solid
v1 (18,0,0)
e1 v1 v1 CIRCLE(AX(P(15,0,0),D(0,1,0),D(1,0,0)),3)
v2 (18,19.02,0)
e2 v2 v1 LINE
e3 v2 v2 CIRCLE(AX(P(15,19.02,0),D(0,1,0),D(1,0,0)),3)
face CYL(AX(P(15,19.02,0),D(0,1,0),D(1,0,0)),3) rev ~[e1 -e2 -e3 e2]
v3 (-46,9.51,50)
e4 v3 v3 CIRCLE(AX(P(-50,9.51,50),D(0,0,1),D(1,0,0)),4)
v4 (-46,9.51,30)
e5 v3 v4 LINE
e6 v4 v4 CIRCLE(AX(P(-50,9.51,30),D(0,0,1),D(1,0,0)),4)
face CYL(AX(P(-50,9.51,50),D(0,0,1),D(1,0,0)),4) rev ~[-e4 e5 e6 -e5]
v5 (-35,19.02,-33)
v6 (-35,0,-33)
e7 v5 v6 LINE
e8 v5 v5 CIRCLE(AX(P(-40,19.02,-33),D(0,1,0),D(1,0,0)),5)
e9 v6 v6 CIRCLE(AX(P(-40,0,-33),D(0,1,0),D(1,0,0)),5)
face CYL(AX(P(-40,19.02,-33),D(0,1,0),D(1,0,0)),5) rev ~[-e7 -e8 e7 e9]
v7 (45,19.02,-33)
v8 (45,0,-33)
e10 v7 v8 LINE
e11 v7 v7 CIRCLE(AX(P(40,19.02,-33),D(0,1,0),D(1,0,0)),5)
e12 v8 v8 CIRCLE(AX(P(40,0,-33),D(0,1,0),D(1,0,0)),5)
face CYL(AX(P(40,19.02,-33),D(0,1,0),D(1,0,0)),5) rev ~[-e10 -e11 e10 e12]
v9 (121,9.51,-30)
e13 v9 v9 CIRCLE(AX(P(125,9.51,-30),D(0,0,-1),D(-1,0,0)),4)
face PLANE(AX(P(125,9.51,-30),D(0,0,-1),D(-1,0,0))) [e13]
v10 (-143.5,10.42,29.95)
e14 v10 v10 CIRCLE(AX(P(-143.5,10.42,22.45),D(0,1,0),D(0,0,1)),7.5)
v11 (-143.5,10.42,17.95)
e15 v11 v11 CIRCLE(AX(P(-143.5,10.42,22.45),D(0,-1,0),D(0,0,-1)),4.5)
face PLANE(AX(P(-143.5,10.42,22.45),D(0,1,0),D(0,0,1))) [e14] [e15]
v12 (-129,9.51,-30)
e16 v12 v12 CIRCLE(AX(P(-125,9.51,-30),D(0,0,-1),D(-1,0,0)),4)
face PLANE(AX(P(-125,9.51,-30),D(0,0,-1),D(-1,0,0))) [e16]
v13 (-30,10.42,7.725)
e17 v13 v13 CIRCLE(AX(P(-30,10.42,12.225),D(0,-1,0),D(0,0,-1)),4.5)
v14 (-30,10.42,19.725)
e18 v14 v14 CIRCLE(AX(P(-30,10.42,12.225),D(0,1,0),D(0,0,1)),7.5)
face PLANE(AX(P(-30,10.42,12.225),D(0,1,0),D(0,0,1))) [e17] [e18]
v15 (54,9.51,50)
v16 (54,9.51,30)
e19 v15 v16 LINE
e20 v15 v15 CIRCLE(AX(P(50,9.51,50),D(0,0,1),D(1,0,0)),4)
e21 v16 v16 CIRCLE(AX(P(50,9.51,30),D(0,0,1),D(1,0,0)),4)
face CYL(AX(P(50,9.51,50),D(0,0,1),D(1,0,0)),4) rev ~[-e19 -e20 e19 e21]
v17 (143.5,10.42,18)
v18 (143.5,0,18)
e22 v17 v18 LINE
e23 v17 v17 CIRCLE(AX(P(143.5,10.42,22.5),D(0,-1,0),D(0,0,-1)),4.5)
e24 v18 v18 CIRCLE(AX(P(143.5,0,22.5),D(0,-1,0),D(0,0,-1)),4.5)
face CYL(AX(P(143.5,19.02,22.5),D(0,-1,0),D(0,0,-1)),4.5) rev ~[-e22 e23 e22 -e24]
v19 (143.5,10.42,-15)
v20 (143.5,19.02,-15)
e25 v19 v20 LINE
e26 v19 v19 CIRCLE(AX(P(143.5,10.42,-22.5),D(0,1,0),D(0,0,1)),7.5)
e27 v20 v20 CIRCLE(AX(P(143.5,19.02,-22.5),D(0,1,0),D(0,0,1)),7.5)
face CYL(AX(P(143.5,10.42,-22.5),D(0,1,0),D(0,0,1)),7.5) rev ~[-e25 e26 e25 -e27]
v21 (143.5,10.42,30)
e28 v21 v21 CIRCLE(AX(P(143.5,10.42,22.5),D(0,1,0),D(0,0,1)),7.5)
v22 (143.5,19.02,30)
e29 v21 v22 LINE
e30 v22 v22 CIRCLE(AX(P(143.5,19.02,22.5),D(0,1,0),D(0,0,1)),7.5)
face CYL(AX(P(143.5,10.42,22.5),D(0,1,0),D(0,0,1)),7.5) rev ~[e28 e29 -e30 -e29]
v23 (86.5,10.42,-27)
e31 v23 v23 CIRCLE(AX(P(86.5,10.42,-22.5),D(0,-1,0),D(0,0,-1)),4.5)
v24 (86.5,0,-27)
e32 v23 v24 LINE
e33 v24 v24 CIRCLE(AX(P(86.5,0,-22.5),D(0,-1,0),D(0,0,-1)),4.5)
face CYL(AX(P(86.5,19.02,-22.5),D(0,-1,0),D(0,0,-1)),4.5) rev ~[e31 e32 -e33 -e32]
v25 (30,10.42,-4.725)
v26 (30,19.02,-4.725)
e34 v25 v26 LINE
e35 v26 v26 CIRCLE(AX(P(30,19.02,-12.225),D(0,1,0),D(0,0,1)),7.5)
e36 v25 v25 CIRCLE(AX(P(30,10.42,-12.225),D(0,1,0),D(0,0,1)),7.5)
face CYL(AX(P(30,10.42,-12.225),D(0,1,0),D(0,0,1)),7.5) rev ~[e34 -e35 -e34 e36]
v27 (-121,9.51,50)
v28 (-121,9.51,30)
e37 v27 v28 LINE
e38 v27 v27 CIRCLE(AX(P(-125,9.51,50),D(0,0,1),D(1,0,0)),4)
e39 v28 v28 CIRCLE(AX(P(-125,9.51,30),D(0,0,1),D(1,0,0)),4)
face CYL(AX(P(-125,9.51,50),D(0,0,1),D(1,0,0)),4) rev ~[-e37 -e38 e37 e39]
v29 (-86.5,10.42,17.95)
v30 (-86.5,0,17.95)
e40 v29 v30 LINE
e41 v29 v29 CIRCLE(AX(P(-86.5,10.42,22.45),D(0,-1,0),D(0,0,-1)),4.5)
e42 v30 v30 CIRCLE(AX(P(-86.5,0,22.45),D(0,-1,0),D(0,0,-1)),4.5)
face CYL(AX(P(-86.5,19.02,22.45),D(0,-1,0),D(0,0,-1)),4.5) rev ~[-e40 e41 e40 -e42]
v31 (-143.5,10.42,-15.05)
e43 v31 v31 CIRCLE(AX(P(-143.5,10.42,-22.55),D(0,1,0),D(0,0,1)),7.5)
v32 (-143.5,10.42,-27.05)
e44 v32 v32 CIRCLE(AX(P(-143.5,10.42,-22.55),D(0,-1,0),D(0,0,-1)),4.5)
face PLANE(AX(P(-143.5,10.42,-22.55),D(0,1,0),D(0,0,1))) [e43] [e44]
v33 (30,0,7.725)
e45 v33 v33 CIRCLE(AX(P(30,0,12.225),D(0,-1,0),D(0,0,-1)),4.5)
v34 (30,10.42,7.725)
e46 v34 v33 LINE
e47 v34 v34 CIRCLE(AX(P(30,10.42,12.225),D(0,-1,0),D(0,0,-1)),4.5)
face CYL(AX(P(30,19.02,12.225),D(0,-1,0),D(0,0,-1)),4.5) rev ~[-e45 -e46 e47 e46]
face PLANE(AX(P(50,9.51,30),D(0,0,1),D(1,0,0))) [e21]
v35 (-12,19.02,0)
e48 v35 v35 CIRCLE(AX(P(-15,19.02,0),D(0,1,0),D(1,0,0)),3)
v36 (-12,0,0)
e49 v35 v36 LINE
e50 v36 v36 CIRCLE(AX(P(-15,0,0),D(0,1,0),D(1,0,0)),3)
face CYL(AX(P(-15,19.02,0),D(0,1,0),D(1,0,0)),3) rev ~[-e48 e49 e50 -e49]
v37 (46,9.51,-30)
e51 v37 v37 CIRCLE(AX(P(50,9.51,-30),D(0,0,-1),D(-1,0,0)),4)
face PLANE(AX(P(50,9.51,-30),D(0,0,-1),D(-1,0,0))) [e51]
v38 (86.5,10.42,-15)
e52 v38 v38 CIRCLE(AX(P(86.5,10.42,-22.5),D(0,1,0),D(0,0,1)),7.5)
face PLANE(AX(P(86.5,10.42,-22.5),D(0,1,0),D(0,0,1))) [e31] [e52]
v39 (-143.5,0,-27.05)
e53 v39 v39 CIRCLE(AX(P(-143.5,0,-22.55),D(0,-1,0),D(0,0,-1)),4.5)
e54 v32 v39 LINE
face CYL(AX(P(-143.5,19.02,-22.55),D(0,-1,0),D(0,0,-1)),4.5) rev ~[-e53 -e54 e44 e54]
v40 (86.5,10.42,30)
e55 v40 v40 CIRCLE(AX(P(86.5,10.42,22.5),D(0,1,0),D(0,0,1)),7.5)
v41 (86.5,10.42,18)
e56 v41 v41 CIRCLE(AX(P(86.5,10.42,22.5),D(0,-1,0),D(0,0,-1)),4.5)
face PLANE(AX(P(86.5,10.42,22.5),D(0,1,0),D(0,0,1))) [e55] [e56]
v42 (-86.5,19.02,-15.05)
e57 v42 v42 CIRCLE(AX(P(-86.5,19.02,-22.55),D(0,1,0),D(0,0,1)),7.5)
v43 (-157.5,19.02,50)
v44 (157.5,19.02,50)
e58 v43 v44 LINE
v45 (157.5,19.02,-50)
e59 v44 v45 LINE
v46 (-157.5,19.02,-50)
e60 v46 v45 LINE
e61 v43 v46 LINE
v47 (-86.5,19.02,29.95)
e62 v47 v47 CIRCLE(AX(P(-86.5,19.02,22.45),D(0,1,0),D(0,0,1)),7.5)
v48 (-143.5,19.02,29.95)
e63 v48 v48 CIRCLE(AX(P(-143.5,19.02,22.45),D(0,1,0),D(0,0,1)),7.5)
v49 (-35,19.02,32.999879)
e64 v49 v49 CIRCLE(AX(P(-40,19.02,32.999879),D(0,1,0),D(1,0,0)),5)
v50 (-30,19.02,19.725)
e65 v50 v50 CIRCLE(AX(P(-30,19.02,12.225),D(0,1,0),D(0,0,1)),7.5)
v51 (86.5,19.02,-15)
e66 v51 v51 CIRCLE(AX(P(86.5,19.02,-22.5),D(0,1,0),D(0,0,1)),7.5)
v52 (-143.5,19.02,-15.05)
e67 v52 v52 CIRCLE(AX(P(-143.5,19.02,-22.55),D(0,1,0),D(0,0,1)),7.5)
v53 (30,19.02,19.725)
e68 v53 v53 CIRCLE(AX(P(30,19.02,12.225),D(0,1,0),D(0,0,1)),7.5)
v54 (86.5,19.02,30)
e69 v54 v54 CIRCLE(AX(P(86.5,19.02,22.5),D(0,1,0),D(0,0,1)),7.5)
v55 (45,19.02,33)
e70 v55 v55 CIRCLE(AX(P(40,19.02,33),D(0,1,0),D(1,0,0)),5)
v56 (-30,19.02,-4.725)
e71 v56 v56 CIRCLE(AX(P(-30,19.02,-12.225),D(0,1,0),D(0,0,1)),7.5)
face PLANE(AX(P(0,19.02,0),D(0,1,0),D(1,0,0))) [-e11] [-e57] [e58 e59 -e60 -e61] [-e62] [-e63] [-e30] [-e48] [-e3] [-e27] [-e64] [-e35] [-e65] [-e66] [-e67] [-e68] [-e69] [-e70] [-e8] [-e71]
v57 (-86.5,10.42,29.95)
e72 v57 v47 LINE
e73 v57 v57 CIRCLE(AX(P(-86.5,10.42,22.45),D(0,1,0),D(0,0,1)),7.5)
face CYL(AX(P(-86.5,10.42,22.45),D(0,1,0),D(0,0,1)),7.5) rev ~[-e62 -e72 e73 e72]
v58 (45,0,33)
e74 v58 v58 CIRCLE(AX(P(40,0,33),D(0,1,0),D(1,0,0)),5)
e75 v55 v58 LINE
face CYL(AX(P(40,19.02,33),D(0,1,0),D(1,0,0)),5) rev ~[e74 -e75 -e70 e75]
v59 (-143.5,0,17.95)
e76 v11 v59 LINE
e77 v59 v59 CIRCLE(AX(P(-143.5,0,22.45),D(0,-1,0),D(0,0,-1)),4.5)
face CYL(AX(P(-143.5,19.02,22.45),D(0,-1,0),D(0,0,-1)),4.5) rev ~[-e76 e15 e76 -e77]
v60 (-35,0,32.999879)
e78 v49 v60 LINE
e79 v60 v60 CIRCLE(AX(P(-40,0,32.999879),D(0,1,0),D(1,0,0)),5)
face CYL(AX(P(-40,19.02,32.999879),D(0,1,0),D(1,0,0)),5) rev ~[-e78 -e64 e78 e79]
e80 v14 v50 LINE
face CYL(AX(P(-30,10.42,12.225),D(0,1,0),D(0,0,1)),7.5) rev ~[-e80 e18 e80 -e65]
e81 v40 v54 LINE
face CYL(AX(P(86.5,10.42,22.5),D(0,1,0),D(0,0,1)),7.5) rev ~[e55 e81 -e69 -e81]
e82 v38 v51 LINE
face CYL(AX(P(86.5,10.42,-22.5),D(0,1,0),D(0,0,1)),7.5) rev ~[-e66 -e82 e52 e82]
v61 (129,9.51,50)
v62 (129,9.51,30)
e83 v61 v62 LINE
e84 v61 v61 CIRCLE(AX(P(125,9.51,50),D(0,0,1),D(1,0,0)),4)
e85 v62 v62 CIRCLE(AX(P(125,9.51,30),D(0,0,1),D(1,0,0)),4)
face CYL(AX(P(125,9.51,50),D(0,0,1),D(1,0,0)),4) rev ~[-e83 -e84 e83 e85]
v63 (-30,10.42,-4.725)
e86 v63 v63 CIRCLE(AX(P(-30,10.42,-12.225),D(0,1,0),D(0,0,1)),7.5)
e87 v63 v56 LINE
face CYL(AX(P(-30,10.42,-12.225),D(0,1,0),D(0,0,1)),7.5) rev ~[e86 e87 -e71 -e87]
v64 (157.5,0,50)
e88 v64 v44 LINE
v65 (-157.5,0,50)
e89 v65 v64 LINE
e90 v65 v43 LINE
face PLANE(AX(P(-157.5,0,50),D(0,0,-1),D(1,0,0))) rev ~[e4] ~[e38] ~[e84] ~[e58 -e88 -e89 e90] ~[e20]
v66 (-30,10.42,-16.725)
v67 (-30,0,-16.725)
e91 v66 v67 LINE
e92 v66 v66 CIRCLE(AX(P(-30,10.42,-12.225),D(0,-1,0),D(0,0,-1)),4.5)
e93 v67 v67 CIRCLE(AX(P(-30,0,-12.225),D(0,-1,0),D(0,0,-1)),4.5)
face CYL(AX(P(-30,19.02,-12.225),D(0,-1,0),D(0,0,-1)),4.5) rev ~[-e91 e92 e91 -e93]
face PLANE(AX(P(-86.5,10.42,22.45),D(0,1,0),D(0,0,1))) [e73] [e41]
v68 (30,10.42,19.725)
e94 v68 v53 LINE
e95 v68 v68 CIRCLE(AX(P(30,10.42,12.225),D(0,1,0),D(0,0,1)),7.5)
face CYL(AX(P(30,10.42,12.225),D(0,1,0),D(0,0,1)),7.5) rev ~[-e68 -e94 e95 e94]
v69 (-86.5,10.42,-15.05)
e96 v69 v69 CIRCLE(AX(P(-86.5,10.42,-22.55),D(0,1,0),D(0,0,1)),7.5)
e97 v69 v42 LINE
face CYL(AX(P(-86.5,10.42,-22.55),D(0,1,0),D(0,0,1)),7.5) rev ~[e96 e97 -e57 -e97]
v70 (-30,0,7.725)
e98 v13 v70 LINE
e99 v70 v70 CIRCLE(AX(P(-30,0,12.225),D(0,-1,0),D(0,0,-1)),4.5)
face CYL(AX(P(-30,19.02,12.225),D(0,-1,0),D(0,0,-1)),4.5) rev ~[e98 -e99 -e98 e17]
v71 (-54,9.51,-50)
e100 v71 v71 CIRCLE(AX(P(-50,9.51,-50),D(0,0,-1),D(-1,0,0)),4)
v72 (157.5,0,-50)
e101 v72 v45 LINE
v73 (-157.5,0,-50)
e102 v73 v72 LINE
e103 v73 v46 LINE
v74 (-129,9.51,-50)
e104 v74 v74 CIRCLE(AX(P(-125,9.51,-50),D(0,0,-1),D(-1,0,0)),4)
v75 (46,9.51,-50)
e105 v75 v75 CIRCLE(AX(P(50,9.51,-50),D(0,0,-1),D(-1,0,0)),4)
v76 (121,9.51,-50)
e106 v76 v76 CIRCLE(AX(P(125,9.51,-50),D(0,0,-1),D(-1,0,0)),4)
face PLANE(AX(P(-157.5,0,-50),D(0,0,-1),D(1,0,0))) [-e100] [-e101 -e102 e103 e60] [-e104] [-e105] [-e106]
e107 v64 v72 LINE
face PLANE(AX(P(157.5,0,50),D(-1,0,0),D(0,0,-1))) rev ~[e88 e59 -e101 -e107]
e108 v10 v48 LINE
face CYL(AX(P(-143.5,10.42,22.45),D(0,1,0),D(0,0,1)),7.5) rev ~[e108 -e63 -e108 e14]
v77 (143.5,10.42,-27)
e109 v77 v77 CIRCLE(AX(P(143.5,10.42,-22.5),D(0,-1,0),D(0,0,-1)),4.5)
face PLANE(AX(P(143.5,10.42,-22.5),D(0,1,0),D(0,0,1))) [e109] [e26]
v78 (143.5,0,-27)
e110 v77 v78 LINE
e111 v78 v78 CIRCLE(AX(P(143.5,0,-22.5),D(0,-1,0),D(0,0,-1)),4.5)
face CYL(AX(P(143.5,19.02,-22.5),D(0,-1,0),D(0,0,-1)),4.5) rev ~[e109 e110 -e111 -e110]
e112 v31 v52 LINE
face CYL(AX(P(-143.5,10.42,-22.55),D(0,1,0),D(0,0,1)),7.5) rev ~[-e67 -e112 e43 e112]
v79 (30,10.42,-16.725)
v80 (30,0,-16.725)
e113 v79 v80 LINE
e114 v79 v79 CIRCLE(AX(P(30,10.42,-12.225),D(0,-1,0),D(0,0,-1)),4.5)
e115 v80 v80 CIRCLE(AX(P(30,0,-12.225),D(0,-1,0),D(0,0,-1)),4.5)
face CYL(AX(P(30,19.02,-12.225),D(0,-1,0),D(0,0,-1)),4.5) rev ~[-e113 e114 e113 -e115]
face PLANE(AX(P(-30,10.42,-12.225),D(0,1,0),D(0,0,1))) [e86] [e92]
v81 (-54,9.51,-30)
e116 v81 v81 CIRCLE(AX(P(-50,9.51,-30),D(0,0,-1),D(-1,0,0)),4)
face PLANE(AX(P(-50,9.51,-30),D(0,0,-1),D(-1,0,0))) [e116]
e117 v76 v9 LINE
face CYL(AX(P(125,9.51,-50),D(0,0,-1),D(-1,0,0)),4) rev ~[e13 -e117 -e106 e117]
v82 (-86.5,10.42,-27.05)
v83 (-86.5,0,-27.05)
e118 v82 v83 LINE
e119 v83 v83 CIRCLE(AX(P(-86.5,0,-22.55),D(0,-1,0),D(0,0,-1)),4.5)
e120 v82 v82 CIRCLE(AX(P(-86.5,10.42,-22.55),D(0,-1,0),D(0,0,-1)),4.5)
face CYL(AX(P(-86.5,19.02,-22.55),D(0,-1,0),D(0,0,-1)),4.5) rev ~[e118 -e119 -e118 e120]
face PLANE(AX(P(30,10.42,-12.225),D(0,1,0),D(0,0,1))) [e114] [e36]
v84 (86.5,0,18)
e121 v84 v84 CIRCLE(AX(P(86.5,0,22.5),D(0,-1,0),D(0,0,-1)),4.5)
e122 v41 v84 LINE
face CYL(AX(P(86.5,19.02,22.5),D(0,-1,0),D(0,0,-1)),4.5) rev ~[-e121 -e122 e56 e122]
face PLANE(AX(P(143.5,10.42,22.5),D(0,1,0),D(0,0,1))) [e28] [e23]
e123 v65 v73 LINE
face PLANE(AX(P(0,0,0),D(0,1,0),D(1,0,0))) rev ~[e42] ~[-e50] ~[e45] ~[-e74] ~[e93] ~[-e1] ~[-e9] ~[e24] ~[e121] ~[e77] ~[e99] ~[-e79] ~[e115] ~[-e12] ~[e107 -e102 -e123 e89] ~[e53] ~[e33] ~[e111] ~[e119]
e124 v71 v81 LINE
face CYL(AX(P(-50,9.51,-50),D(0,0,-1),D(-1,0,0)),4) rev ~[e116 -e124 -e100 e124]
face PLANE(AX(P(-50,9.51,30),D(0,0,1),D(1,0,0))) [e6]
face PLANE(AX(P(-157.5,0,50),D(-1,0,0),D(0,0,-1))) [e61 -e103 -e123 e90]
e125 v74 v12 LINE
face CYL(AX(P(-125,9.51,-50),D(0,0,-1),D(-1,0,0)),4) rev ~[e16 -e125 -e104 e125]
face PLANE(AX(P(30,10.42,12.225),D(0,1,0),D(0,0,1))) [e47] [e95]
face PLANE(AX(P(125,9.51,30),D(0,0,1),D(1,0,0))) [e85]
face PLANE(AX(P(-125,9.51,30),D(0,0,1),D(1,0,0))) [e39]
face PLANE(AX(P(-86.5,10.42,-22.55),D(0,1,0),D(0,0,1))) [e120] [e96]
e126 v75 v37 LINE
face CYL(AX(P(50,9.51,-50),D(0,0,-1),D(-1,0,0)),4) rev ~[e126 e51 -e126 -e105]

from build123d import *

# Parameters (mm, degrees)
ESBO_O1_W                                            = 315
ESBO_O1_H                                            = 100
RESSALTO_EXTRUS_O1_DEPTH                             = 19.02
ESBO_O2_R                                            = 2
CORTE_EXTRUS_O1_DEPTH                                = 25
ESBO_O4_R                                            = 5
CORTE_EXTRUS_O3_DEPTH                                = 20.02
ESBO_O5_R                                            = 3.3
CORTE_EXTRUS_O4_DEPTH                                = 90
REBAIXO_PARA_PARAFUSO_ALLEN_SEXTAVADO_DE_D           = 9
REBAIXO_PARA_PARAFUSO_ALLEN_SEXTAVADO_DE_DEPTH       = 19.02
REBAIXO_PARA_PARAFUSO_ALLEN_SEXTAVADO_DE_CBORE_D     = 15
REBAIXO_PARA_PARAFUSO_ALLEN_SEXTAVADO_DE_CBORE_DEPTH = 8.6
ESBO_O13_R                                           = 4
CORTE_EXTRUS_O8_DEPTH                                = 20
ESBO_O14_R                                           = 4
CORTE_EXTRUS_O9_DEPTH                                = 20
ESBO_O15_R                                           = 4
ESBO_O15_R_2                                         = 3
CORTE_EXTRUS_O10_DEPTH                               = 20.02
ESBO_O16_R                                           = 3.3
RESSALTO_EXTRUS_O2_DEPTH                             = 19.02
REBAIXO_PARA_PARAFUSO_ALLEN_SEXTAVAD_2_D             = 9
REBAIXO_PARA_PARAFUSO_ALLEN_SEXTAVAD_2_CBORE_D       = 15
REBAIXO_PARA_PARAFUSO_ALLEN_SEXTAVAD_2_CBORE_DEPTH   = 8.6


with BuildPart() as part:
    # Esboço1 → Ressalto-extrusão1 (new body)
    with BuildSketch(Plane(origin=(0, 0, 0), x_dir=(1, 0, 0), z_dir=(0, 1, 0))):
        Rectangle(ESBO_O1_W, ESBO_O1_H)
    extrude(amount=RESSALTO_EXTRUS_O1_DEPTH)

    # Esboço2 → Corte-extrusão1 (cut)
    with BuildSketch(Plane(origin=(0, 19.02, 0), x_dir=(1, 0, 0), z_dir=(0, 1, 0))):
        with Locations((143.5, 22.5)):
            Circle(ESBO_O2_R)
        with Locations((86.5, 22.5)):
            Circle(ESBO_O2_R)
        with Locations((86.5, -22.5)):
            Circle(ESBO_O2_R)
        with Locations((143.5, -22.5)):
            Circle(ESBO_O2_R)
        with Locations((-86.5, -22.45)):
            Circle(ESBO_O2_R)
        with Locations((-143.5, -22.45)):
            Circle(ESBO_O2_R)
        with Locations((-143.5, 22.55)):
            Circle(ESBO_O2_R)
        with Locations((-86.5, 22.55)):
            Circle(ESBO_O2_R)
    extrude(amount=-CORTE_EXTRUS_O1_DEPTH, mode=Mode.SUBTRACT)

    # Esboço4 → Corte-extrusão3 (cut, through all)
    with BuildSketch(Plane(origin=(0, 19.02, 0), x_dir=(1, 0, 0), z_dir=(0, 1, 0))):
        with Locations((-40, -32.999878702)):
            Circle(ESBO_O4_R)
        with Locations((-40, 33)):
            Circle(ESBO_O4_R)
        with Locations((40, 33)):
            Circle(ESBO_O4_R)
        with Locations((40, -33)):
            Circle(ESBO_O4_R)
    extrude(amount=-CORTE_EXTRUS_O3_DEPTH, mode=Mode.SUBTRACT)

    # Esboço5 → Corte-extrusão4 (cut)
    with BuildSketch(Plane(origin=(0, 19.02, 0), x_dir=(1, 0, 0), z_dir=(0, 1, 0))):
        Circle(ESBO_O5_R)
    extrude(amount=-CORTE_EXTRUS_O4_DEPTH, mode=Mode.SUBTRACT)

    # Rebaixo para parafuso Allen sextavado de
    with Locations(Plane(origin=(-143.5, 19.02, -22.55), x_dir=(0, 0, 1), z_dir=(0, 1, 0))):
        with Locations((0, 0), (45, 57), (0, 57), (45, 0), (0.05, 230), (0.05, 287), (45.05, 230), (45.05, 287)):
            CounterBoreHole(REBAIXO_PARA_PARAFUSO_ALLEN_SEXTAVADO_DE_D / 2, REBAIXO_PARA_PARAFUSO_ALLEN_SEXTAVADO_DE_CBORE_D / 2, REBAIXO_PARA_PARAFUSO_ALLEN_SEXTAVADO_DE_CBORE_DEPTH, depth=REBAIXO_PARA_PARAFUSO_ALLEN_SEXTAVADO_DE_DEPTH)

    # Esboço13 → Corte-extrusão8 (cut)
    with BuildSketch(Plane.XY.offset(50)):
        with Locations((-125, 9.51)):
            Circle(ESBO_O13_R)
        with Locations((-50, 9.51)):
            Circle(ESBO_O13_R)
        with Locations((50, 9.51)):
            Circle(ESBO_O13_R)
        with Locations((125, 9.51)):
            Circle(ESBO_O13_R)
    extrude(amount=-CORTE_EXTRUS_O8_DEPTH, mode=Mode.SUBTRACT)

    # Esboço14 → Corte-extrusão9 (cut)
    with BuildSketch(Plane(origin=(0, 0, -50), x_dir=(-1, 0, 0), z_dir=(0, 0, -1))):
        with Locations((-125, 9.51)):
            Circle(ESBO_O14_R)
        with Locations((-50, 9.51)):
            Circle(ESBO_O14_R)
        with Locations((50, 9.51)):
            Circle(ESBO_O14_R)
        with Locations((125, 9.51)):
            Circle(ESBO_O14_R)
    extrude(amount=-CORTE_EXTRUS_O9_DEPTH, mode=Mode.SUBTRACT)

    # Esboço15 → Corte-extrusão10 (cut, through all)
    with BuildSketch(Plane(origin=(0, 19.02, 0), x_dir=(1, 0, 0), z_dir=(0, 1, 0))):
        with Locations((30, 12.225)):
            Circle(ESBO_O15_R)
        with Locations((30, -12.225)):
            Circle(ESBO_O15_R)
        with Locations((-30, 12.225)):
            Circle(ESBO_O15_R)
        with Locations((-30, -12.225)):
            Circle(ESBO_O15_R)
        with Locations((-15, 0)):
            Circle(ESBO_O15_R_2)
        with Locations((15, 0)):
            Circle(ESBO_O15_R_2)
    extrude(amount=-CORTE_EXTRUS_O10_DEPTH, mode=Mode.SUBTRACT)

    # Esboço16 → Ressalto-extrusão2 (add)
    with BuildSketch(Plane(origin=(0, 19.02, 0), x_dir=(1, 0, 0), z_dir=(0, 1, 0))):
        Circle(ESBO_O16_R)
    extrude(amount=-RESSALTO_EXTRUS_O2_DEPTH)

    # Rebaixo para parafuso Allen sextavad 2 (through all)
    with Locations(Plane(origin=(-30, 19.02, -12.225), x_dir=(0, 0, 1), z_dir=(0, 1, 0))):
        with Locations((0, 0), (0, 60), (24.45, 60), (24.45, 0)):
            CounterBoreHole(REBAIXO_PARA_PARAFUSO_ALLEN_SEXTAVAD_2_D / 2, REBAIXO_PARA_PARAFUSO_ALLEN_SEXTAVAD_2_CBORE_D / 2, REBAIXO_PARA_PARAFUSO_ALLEN_SEXTAVAD_2_CBORE_DEPTH)


solid = part.part
